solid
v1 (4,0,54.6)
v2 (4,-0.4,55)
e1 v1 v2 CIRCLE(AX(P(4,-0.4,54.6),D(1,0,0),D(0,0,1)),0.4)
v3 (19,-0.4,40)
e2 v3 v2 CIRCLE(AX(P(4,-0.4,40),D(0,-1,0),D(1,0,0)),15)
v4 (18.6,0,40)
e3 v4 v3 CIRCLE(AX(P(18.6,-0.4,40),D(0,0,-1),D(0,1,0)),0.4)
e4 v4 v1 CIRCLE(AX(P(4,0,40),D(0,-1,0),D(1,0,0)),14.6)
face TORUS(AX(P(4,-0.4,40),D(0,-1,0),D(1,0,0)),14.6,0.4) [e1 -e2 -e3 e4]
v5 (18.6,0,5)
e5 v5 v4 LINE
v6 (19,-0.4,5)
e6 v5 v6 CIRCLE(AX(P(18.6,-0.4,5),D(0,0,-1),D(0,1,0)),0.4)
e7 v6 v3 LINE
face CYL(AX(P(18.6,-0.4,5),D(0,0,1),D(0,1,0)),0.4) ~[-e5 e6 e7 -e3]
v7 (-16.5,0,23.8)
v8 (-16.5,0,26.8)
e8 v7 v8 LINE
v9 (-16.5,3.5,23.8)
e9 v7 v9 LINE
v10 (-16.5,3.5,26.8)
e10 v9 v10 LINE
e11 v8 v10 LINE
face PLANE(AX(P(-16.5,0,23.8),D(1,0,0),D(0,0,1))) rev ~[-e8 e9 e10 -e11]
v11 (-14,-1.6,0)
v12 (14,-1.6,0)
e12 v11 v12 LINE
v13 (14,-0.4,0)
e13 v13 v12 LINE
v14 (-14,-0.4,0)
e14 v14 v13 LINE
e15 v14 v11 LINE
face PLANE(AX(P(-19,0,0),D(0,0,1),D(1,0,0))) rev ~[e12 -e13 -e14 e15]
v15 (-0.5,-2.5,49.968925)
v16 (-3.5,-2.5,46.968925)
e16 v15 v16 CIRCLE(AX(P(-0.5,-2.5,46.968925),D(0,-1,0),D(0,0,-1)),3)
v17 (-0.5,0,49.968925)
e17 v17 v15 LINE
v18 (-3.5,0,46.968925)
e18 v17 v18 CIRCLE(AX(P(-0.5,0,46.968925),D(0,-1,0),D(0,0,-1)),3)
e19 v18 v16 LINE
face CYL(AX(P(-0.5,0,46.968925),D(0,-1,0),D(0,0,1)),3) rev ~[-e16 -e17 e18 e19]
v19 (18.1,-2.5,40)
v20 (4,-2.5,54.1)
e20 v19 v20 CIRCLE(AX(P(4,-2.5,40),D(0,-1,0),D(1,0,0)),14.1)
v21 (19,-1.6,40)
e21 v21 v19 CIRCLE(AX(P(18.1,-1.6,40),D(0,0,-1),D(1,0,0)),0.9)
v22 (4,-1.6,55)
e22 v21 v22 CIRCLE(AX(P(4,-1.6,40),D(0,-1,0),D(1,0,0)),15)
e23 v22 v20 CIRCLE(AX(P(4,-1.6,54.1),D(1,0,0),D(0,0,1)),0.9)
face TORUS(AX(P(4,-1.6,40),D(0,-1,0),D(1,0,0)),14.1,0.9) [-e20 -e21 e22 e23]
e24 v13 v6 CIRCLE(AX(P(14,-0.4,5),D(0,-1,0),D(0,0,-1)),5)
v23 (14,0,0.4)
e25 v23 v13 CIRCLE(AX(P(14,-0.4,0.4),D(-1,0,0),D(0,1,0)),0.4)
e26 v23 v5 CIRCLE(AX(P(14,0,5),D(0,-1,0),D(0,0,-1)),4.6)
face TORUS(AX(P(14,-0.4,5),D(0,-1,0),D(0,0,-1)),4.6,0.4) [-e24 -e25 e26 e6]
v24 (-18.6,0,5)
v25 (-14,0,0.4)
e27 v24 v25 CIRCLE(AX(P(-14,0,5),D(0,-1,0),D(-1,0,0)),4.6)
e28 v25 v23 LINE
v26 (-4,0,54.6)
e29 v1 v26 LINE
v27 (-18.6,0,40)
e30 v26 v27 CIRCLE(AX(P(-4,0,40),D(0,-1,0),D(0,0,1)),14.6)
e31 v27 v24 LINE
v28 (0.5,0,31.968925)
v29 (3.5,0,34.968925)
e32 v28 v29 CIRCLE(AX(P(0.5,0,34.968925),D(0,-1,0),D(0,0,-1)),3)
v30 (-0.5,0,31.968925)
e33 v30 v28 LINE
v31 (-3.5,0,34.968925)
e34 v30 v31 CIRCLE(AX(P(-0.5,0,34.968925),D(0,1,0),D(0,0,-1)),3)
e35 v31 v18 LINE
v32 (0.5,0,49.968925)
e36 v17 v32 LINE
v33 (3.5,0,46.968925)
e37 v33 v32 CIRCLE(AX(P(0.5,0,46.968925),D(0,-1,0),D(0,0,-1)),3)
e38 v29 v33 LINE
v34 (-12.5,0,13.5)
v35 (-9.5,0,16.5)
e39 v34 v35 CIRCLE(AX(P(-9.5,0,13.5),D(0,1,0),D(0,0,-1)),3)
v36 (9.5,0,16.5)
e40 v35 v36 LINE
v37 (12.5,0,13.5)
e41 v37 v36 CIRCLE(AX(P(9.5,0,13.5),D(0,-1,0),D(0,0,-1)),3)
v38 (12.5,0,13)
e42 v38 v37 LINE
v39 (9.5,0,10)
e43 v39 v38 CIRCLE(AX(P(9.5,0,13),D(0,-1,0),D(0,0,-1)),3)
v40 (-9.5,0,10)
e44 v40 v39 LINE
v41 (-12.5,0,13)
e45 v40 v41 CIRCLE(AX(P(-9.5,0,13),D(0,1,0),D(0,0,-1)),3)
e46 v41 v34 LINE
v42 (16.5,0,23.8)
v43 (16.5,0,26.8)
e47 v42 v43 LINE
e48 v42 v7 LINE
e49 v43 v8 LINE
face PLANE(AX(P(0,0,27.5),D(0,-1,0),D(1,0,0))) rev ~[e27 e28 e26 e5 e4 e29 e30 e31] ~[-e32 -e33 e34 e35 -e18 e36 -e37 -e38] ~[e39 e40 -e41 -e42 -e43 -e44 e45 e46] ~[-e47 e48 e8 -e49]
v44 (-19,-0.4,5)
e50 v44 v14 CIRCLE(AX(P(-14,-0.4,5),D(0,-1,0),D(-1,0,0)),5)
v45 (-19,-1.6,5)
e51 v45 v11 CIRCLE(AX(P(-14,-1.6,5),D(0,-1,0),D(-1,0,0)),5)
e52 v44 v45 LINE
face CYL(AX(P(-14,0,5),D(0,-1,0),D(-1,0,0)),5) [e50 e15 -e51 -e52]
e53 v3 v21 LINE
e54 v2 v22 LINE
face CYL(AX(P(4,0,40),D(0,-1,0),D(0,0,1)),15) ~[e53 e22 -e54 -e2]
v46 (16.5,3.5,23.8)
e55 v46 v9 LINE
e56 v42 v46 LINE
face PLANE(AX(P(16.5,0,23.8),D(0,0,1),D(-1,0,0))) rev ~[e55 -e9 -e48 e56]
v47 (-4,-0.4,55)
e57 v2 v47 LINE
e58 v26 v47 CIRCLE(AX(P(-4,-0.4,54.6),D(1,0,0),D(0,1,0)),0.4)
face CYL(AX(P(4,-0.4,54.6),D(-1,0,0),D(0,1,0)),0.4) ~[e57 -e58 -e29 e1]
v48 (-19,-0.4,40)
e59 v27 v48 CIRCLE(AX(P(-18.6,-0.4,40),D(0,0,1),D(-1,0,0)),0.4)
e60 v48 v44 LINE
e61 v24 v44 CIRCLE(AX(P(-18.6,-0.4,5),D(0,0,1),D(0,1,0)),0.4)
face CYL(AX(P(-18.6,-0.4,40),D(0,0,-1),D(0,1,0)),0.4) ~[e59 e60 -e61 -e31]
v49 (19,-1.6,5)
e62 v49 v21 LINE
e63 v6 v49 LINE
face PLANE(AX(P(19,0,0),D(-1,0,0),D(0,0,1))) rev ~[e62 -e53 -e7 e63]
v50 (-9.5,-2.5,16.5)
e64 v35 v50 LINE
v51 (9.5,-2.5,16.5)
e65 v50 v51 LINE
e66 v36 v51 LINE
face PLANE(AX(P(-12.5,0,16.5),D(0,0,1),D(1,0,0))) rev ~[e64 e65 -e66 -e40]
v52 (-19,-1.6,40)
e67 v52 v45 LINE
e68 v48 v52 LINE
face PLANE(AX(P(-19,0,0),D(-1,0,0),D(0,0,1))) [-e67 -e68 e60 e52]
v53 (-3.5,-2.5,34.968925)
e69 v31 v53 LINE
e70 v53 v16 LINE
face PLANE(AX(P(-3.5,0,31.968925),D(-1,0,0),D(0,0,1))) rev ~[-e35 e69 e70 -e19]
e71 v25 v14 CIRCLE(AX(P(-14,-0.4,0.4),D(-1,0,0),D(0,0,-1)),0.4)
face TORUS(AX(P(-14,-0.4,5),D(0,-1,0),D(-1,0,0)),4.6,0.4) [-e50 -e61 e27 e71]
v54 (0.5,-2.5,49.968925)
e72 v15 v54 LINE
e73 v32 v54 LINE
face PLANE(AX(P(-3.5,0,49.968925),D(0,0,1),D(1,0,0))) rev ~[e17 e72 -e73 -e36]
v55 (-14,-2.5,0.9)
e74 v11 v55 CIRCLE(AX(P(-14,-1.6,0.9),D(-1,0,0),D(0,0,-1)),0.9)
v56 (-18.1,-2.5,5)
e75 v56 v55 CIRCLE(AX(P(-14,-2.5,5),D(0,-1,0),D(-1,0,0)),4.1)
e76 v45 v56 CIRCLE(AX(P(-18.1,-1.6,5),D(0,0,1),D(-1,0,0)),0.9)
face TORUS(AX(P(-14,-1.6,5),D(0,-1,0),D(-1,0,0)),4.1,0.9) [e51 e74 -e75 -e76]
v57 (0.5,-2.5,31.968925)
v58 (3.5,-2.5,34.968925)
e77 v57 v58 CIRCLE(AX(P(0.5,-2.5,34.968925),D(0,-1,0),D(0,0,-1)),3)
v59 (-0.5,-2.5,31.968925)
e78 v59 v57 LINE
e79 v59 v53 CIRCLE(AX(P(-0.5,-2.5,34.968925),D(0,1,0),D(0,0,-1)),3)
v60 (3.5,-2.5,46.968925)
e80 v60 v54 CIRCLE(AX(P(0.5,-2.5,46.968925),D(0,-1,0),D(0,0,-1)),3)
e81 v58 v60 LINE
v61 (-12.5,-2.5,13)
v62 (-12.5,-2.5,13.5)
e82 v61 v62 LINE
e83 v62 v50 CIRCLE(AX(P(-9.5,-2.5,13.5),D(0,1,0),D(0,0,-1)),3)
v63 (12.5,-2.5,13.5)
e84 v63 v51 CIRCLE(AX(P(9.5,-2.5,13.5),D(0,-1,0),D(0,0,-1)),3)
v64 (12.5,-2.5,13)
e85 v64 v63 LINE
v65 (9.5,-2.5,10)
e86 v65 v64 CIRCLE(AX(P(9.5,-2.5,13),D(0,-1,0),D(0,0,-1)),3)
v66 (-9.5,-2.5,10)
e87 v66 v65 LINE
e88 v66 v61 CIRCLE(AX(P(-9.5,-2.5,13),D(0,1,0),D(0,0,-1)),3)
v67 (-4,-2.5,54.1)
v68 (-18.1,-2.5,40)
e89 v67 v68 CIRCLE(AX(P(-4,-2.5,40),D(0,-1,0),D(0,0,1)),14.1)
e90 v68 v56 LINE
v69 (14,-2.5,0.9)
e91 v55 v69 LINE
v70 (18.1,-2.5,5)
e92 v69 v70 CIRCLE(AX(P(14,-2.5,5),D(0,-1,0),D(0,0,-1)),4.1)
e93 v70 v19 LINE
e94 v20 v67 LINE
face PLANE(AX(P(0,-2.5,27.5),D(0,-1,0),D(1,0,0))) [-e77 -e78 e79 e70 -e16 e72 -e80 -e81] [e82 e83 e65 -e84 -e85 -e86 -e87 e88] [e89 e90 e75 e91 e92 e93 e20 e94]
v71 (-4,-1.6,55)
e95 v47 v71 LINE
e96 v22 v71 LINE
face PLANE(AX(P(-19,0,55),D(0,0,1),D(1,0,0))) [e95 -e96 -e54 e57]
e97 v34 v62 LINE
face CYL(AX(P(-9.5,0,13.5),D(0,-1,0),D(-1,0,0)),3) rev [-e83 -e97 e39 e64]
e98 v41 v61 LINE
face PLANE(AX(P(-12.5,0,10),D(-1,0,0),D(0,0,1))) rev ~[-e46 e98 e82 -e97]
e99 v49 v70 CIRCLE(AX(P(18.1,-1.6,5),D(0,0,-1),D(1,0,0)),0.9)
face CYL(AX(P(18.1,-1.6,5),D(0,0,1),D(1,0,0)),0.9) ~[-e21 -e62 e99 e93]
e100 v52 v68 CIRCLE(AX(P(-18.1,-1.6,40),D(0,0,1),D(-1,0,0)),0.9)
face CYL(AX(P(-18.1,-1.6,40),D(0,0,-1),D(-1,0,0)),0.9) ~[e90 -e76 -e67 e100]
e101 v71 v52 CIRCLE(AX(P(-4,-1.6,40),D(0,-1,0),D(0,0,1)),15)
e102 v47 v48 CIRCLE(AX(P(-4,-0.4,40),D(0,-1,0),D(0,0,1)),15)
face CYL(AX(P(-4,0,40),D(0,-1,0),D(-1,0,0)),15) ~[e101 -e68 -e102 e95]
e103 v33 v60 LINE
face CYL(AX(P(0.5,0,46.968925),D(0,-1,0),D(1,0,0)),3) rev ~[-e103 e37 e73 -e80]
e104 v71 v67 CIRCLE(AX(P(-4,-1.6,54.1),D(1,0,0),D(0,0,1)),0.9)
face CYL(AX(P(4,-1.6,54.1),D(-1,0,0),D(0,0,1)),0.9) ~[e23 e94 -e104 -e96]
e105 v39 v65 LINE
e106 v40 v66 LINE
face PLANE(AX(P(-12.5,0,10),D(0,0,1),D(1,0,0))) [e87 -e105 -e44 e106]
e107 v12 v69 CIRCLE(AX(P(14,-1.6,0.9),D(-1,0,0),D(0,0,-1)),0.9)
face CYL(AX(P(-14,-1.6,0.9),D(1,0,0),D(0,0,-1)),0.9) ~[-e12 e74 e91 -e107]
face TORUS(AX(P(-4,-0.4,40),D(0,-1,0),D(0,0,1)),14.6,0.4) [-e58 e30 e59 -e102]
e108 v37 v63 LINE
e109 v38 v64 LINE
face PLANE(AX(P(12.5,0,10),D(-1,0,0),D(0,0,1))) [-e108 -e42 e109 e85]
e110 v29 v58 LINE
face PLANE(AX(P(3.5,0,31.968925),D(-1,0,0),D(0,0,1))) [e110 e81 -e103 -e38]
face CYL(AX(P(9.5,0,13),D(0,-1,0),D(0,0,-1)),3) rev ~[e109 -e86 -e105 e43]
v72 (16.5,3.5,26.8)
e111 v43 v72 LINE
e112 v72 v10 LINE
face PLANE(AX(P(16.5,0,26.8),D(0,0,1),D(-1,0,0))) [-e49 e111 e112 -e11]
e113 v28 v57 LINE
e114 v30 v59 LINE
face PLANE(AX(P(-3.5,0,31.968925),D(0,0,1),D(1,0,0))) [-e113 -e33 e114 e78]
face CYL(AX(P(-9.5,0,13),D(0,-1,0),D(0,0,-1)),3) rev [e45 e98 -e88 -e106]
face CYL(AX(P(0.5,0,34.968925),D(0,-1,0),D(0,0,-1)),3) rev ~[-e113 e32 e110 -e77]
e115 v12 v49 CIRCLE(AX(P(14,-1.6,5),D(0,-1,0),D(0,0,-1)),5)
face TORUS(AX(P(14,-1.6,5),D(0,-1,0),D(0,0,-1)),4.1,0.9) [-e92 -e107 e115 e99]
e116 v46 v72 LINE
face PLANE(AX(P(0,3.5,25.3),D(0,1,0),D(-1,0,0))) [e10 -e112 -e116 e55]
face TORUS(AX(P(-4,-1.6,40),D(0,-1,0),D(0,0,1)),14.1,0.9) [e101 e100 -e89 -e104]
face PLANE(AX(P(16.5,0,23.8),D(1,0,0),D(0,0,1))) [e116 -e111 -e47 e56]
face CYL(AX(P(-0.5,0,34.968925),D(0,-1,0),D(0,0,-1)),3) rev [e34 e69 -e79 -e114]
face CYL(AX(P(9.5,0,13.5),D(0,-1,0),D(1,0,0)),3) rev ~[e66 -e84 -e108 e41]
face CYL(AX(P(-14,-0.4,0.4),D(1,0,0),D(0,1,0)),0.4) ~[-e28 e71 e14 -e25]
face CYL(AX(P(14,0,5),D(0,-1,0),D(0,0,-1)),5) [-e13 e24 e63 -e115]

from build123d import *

# Parameters (mm, degrees)
F0_W     = 38
F0_H     = 55
F0_W_2   = 25
F0_H_2   = 6.5
F0_W_3   = 7
F0_H_3   = 18
F1_DEPTH = 2.5
F2_R     = 15
F3_R     = 5
F4_R     = 3
F5_W     = 33
F5_H     = 3
F6_DEPTH = 3.5
F7_R     = 0.4
F8_R     = 0.9


with BuildPart() as f1:
    # F0 (on Front) → F1 (new body)
    with BuildSketch(Plane.XZ):
        with Locations((0, 27.5)):
            Rectangle(F0_W, F0_H)
        with Locations((0, 13.25)):
            Rectangle(F0_W_2, F0_H_2, mode=Mode.SUBTRACT)
        with Locations((0, 40.968925)):
            Rectangle(F0_W_3, F0_H_3, mode=Mode.SUBTRACT)
    extrude(amount=F1_DEPTH)

    # F2
    f2_edges = [f1.edges().sort_by_distance(p)[0] for p in [
        (-19, -1.25, 55),
        (19, -1.25, 55),
    ]]
    fillet(f2_edges, radius=F2_R)

    # F3
    f3_edges = [f1.edges().sort_by_distance(p)[0] for p in [
        (-19, -1.25, 0),
        (19, -1.25, 0),
    ]]
    fillet(f3_edges, radius=F3_R)

    # F4
    f4_edges = [f1.edges().sort_by_distance(p)[0] for p in [
        (-12.5, -1.25, 10),
        (12.5, -1.25, 10),
        (12.5, -1.25, 16.5),
        (-12.5, -1.25, 16.5),
        (-3.5, -1.25, 49.968925),
        (-3.5, -1.25, 31.968925),
        (3.5, -1.25, 31.968925),
        (3.5, -1.25, 49.968925),
    ]]
    fillet(f4_edges, radius=F4_R)

    # F5 (on face) → F6 (join)
    with BuildSketch(Plane(origin=(0, 0, 0), x_dir=(-1, 0, 0), z_dir=(0, 1, 0))):
        with Locations((0, 25.3)):
            Rectangle(F5_W, F5_H)
    extrude(amount=F6_DEPTH)

    # F7
    f7_edges = [f1.edges().sort_by_distance(p)[0] for p in [
        (19, 0, 22.5),
    ]]
    fillet(f7_edges, radius=F7_R)

    # F8
    f8_edges = [f1.edges().sort_by_distance(p)[0] for p in [
        (19, -2.5, 22.5),
    ]]
    fillet(f8_edges, radius=F8_R)


solid = f1.part
